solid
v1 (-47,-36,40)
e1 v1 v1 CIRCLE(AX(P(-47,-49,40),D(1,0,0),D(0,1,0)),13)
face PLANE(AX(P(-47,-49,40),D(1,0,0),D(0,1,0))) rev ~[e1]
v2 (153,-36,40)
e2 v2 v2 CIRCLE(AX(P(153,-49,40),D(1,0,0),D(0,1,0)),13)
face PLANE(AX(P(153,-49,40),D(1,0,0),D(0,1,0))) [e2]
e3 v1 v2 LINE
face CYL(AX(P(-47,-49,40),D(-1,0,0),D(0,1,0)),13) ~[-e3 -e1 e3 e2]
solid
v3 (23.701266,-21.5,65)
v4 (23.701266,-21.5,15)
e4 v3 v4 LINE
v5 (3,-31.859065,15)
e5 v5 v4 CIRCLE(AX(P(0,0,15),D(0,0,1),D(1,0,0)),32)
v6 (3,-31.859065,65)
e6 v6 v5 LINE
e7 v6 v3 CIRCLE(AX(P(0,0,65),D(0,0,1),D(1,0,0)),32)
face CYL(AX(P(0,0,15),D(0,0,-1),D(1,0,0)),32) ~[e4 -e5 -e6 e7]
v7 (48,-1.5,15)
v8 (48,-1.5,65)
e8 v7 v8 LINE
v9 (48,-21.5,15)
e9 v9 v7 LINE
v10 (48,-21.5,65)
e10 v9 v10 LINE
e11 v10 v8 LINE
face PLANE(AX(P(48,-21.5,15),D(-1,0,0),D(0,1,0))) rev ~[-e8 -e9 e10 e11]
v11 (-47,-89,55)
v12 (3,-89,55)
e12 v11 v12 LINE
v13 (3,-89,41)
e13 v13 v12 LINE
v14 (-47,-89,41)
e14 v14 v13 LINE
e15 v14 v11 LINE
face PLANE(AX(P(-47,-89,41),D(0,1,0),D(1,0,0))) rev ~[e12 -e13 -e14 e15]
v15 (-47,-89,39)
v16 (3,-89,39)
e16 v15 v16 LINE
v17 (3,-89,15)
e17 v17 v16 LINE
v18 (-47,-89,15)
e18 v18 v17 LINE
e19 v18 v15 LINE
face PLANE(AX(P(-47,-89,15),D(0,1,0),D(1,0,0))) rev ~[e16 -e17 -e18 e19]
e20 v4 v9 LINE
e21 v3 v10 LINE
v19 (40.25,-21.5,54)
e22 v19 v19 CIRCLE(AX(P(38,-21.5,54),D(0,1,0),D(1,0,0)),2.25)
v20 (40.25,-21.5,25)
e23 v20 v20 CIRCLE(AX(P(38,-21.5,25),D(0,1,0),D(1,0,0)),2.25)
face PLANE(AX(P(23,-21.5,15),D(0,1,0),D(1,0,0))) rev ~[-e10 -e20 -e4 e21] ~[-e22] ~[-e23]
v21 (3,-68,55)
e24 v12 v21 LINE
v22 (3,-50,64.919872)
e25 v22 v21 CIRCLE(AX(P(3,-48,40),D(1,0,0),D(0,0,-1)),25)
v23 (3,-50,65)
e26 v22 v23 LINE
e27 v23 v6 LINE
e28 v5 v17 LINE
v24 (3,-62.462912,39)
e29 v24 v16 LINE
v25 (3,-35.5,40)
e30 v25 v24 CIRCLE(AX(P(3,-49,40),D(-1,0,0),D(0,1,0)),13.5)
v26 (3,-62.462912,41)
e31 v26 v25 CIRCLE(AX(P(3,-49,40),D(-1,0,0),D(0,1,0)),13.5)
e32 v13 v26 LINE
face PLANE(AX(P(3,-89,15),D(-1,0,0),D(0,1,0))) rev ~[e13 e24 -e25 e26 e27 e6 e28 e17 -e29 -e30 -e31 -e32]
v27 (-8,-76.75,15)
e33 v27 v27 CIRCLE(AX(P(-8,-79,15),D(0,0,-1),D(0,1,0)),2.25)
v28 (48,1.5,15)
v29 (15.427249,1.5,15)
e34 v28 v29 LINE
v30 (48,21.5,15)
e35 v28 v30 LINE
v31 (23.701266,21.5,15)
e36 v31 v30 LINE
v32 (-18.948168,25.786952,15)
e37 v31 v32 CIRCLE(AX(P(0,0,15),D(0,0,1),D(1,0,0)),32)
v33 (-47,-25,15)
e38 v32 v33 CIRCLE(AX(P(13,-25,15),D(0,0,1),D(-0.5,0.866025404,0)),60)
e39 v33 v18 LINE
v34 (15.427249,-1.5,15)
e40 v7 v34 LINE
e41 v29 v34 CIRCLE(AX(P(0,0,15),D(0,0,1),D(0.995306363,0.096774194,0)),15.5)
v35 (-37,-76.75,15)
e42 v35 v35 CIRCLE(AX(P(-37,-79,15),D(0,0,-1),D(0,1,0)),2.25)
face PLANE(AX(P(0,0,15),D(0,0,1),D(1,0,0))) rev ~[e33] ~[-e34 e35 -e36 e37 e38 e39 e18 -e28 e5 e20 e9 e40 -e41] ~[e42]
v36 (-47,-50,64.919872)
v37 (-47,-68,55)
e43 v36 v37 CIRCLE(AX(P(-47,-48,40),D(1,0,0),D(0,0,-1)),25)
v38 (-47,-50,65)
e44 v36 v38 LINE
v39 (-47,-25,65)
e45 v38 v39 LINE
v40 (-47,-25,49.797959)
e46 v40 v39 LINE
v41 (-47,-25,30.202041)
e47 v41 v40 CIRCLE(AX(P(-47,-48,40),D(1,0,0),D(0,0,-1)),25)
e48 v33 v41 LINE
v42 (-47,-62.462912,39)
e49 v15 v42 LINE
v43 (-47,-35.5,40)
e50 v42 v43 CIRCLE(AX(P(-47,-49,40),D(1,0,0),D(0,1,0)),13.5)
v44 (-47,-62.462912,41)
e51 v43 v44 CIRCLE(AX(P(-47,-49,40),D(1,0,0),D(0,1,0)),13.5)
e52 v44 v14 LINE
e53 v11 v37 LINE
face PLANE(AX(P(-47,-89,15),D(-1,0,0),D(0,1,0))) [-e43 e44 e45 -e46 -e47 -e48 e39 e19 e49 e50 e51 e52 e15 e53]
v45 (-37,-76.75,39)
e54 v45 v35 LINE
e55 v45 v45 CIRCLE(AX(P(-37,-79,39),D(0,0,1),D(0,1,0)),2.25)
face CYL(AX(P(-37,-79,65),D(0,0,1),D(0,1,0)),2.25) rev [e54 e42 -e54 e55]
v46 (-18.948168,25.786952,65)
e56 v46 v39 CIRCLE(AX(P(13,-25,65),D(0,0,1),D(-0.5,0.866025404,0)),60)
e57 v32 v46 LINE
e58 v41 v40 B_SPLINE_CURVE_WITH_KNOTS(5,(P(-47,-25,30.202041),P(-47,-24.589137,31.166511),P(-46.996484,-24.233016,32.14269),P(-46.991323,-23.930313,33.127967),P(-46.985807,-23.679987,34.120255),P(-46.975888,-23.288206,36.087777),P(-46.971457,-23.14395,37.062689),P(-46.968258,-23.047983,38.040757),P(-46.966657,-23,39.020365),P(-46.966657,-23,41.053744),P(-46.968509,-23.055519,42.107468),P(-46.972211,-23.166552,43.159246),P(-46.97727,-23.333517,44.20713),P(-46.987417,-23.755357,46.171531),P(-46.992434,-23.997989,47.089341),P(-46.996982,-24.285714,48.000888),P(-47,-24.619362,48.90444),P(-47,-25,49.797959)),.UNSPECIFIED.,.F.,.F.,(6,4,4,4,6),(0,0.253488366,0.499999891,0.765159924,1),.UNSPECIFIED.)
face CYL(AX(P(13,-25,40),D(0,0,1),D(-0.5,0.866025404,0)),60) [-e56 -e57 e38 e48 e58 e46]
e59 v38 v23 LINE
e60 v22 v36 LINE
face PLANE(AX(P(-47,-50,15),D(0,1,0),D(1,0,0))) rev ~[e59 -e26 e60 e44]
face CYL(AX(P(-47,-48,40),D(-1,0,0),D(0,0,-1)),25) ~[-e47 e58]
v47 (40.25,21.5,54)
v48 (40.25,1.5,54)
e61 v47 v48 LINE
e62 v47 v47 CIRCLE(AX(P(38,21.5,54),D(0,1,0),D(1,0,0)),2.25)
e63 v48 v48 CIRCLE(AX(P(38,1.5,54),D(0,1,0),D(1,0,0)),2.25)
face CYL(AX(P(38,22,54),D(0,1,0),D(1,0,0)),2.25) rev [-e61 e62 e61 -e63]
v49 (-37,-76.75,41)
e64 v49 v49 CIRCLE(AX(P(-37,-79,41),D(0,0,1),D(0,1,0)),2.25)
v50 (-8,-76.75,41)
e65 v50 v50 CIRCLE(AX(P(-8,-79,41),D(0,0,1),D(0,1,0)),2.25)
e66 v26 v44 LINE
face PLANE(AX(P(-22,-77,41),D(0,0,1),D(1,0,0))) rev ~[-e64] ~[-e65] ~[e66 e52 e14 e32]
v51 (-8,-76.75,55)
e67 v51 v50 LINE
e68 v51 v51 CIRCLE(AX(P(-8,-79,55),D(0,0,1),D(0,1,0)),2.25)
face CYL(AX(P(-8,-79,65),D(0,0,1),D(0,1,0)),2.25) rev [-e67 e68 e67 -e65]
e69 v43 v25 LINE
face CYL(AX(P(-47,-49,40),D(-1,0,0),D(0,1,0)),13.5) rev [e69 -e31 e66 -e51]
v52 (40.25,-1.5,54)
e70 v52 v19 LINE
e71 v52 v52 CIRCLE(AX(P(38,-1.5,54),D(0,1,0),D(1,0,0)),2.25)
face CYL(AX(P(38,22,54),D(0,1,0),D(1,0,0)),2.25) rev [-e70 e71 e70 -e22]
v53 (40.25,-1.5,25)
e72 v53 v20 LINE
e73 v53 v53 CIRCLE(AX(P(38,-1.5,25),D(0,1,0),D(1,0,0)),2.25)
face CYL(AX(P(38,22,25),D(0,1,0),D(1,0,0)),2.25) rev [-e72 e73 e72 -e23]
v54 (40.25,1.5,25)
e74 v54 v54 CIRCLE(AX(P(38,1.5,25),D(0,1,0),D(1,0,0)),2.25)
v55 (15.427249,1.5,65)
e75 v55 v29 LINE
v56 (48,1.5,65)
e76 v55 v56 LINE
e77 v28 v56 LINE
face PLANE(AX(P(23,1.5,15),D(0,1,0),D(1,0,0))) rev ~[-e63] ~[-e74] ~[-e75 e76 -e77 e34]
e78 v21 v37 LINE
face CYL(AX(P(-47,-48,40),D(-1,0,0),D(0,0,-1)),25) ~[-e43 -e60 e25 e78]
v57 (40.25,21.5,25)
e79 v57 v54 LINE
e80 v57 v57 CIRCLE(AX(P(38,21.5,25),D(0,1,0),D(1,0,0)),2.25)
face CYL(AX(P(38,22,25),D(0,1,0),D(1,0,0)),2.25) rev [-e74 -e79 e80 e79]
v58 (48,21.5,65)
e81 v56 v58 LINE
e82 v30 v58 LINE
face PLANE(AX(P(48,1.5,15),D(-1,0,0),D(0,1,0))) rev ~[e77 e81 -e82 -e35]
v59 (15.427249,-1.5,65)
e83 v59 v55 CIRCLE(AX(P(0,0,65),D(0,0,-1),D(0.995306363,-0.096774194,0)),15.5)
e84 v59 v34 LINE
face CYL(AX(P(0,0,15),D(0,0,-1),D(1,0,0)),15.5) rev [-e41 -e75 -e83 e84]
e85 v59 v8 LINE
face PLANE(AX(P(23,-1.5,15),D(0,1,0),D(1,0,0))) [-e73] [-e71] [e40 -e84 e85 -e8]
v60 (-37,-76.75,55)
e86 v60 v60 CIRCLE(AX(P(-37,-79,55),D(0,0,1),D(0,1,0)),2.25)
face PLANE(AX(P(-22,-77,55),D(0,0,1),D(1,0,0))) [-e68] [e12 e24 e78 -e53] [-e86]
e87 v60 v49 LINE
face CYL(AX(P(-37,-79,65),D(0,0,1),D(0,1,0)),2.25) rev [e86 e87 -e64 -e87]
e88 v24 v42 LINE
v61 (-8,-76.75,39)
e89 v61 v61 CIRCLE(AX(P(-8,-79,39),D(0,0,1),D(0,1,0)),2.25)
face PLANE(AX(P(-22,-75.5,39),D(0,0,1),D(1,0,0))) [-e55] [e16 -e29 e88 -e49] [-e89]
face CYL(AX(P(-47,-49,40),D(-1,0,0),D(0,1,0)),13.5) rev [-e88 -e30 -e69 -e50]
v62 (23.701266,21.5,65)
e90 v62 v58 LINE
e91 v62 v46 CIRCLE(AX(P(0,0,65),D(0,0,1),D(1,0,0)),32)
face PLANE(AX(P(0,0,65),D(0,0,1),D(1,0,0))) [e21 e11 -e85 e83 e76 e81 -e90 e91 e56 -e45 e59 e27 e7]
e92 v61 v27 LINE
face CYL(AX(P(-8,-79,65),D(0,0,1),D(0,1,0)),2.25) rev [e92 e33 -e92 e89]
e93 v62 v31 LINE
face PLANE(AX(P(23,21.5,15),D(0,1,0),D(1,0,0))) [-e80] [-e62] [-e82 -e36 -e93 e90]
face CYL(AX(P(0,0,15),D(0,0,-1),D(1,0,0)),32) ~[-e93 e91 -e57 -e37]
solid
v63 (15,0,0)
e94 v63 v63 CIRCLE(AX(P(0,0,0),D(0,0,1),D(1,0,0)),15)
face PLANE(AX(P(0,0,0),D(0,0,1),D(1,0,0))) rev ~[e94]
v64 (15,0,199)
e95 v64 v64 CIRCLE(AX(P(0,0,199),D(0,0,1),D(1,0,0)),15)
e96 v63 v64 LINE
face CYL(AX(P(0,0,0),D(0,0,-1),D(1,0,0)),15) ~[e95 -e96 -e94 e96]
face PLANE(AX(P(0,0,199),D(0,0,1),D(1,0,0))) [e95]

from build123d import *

# Parameters (mm, degrees)
CYLINDER_R                  = 15
CYLINDER_DEPTH              = 199
CYLINDER001_R               = 13
CYLINDER001_DEPTH           = 200
CYLINDER005_R               = 2.25
CYLINDER005_DEPTH           = 50
CYLINDER006_R               = 2.25
CYLINDER006_DEPTH           = 50
FUSION_ROLL_ANGLE           = 90
FUSION_PLACEMENT_ANGLE      = 90
CYLINDER007_R               = 2.25
CYLINDER007_DEPTH           = 50
CYLINDER008_R               = 2.25
CYLINDER008_DEPTH           = 50
CYLINDER004_R               = 15.5
CYLINDER004_DEPTH           = 199
CYLINDER003_R               = 13.5
CYLINDER003_DEPTH           = 200
BOX006_W                    = 50
BOX006_H                    = 27
BOX006_DEPTH                = 2
BOX_W                       = 20
BOX_H                       = 3
BOX_DEPTH                   = 50
CYLINDER002_W               = 60
CYLINDER002_H               = 50
CYLINDER002_ANGLE           = 60
CYLINDER002_PLACEMENT_ANGLE = 120
BOX005_W                    = 50
BOX005_H                    = 24
BOX005_DEPTH                = 14
BOX004_W                    = 50
BOX004_H                    = 25
BOX004_DEPTH                = 14
BOX003_W                    = 50
BOX003_H                    = 63
BOX003_DEPTH                = 10
BOX002_W                    = 25
BOX002_H                    = 20
BOX002_DEPTH                = 50
BOX001_W                    = 25
BOX001_H                    = 20
BOX001_DEPTH                = 50
TUBE001_R                   = 25
TUBE001_R_2                 = 13.5
TUBE001_DEPTH               = 50
TUBE_R                      = 32
TUBE_R_2                    = 15.5
TUBE_DEPTH                  = 50
BOX007_W                    = 50
BOX007_H                    = 25
BOX007_DEPTH                = 50


with BuildPart() as horizontal:
    # Cylinder → Cylinder (new body)
    with BuildSketch(Plane.XY):
        Circle(CYLINDER_R)
    extrude(amount=CYLINDER_DEPTH)


with BuildPart() as vertical:
    # Cylinder001 → Cylinder001 (new body)
    with BuildSketch(Plane(origin=(-47, -49, 40), x_dir=(0, 1, 0), z_dir=(1, 0, 0))):
        Circle(CYLINDER001_R)
    extrude(amount=CYLINDER001_DEPTH)


with BuildPart() as m4s:
    # Cylinder005 → Cylinder005 (new body)
    with BuildSketch(Plane(origin=(38, 22, 25), x_dir=(1, 0, 0), z_dir=(0, -1, 0))):
        Circle(CYLINDER005_R)
    extrude(amount=CYLINDER005_DEPTH)


with BuildPart() as m4s002:
    # Cylinder006 → Cylinder006 (new body)
    with BuildSketch(Plane(origin=(38, 22, 54), x_dir=(1, 0, 0), z_dir=(0, -1, 0))):
        Circle(CYLINDER006_R)
    extrude(amount=CYLINDER006_DEPTH)

    # Fusion: union m4s
    add(m4s.part)


with BuildPart() as m4s002_1:
    # Fusion roll: moved
    add(m4s002.part.rotate(Axis((0, 0, 0), (1, 0, 0)), FUSION_ROLL_ANGLE))


with BuildPart() as m4s002_2:
    # Fusion placement: moved
    add(m4s002_1.part.moved(Location((-62, -117, 43))).rotate(Axis((-62, -117, 43), (0, 0, 1)), FUSION_PLACEMENT_ANGLE))


with BuildPart() as m4s004:
    # Cylinder007 → Cylinder007 (new body)
    with BuildSketch(Plane(origin=(38, 22, 25), x_dir=(1, 0, 0), z_dir=(0, -1, 0))):
        Circle(CYLINDER007_R)
    extrude(amount=CYLINDER007_DEPTH)


with BuildPart() as m4s003:
    # Cylinder008 → Cylinder008 (new body)
    with BuildSketch(Plane(origin=(38, 22, 54), x_dir=(1, 0, 0), z_dir=(0, -1, 0))):
        Circle(CYLINDER008_R)
    extrude(amount=CYLINDER008_DEPTH)

    # Fusion001: union m4s004
    add(m4s004.part)


with BuildPart() as horizontal001cuts:
    # Cylinder004 → Cylinder004 (new body)
    with BuildSketch(Plane.XY):
        Circle(CYLINDER004_R)
    extrude(amount=CYLINDER004_DEPTH)


with BuildPart() as vertical001cuts:
    # Cylinder003 → Cylinder003 (new body)
    with BuildSketch(Plane(origin=(-47, -49, 40), x_dir=(0, 1, 0), z_dir=(1, 0, 0))):
        Circle(CYLINDER003_R)
    extrude(amount=CYLINDER003_DEPTH)


with BuildPart() as vercuts:
    # Box006 → Box006 (new body)
    with BuildSketch(Plane(origin=(-47, -89, 39), x_dir=(1, 0, 0), z_dir=(0, 0, 1))):
        with Locations((25, 13.5)):
            Rectangle(BOX006_W, BOX006_H)
    extrude(amount=BOX006_DEPTH)


with BuildPart() as cuts:
    # Box → Box (new body)
    with BuildSketch(Plane(origin=(14, -1.5, 15), x_dir=(1, 0, 0), z_dir=(0, 0, 1))):
        with Locations((10, 1.5)):
            Rectangle(BOX_W, BOX_H)
    extrude(amount=BOX_DEPTH)

    # Fusion002: union m4s002, m4s003, Horizontal001Cuts, Vertical001Cuts, verCuts
    add(m4s002_2.part)
    add(m4s003.part)
    add(horizontal001cuts.part)
    add(vertical001cuts.part)
    add(vercuts.part)


with BuildPart() as addcylinder:
    # Cylinder002 → Cylinder002 (revolve)
    with BuildSketch(Plane.XZ):
        with Locations((30, 25)):
            Rectangle(CYLINDER002_W, CYLINDER002_H)
    revolve(axis=Axis((0, 0, 0), (0, 0, 1)), revolution_arc=CYLINDER002_ANGLE)


with BuildPart() as addcylinder_1:
    # Cylinder002 placement: moved
    add(addcylinder.part.moved(Location((13, -25, 15))).rotate(Axis((13, -25, 15), (0, 0, 1)), CYLINDER002_PLACEMENT_ANGLE))


with BuildPart() as veraddons002:
    # Box005 → Box005 (new body)
    with BuildSketch(Plane(origin=(-47, -89, 41), x_dir=(1, 0, 0), z_dir=(0, 0, 1))):
        with Locations((25, 12)):
            Rectangle(BOX005_W, BOX005_H)
    extrude(amount=BOX005_DEPTH)


with BuildPart() as veraddons001:
    # Box004 → Box004 (new body)
    with BuildSketch(Plane(origin=(-47, -89, 25), x_dir=(1, 0, 0), z_dir=(0, 0, 1))):
        with Locations((25, 12.5)):
            Rectangle(BOX004_W, BOX004_H)
    extrude(amount=BOX004_DEPTH)


with BuildPart() as veraddons:
    # Box003 → Box003 (new body)
    with BuildSketch(Plane(origin=(-47, -89, 15), x_dir=(1, 0, 0), z_dir=(0, 0, 1))):
        with Locations((25, 31.5)):
            Rectangle(BOX003_W, BOX003_H)
    extrude(amount=BOX003_DEPTH)


with BuildPart() as horadd001:
    # Box002 → Box002 (new body)
    with BuildSketch(Plane(origin=(23, 1.5, 15), x_dir=(1, 0, 0), z_dir=(0, 0, 1))):
        with Locations((12.5, 10)):
            Rectangle(BOX002_W, BOX002_H)
    extrude(amount=BOX002_DEPTH)


with BuildPart() as horadd:
    # Box001 → Box001 (new body)
    with BuildSketch(Plane(origin=(23, -21.5, 15), x_dir=(1, 0, 0), z_dir=(0, 0, 1))):
        with Locations((12.5, 10)):
            Rectangle(BOX001_W, BOX001_H)
    extrude(amount=BOX001_DEPTH)


with BuildPart() as tubeaddons001:
    # Tube001 → Tube001 (new body)
    with BuildSketch(Plane(origin=(-47, -48, 40), x_dir=(0, 0, -1), z_dir=(1, 0, 0))):
        Circle(TUBE001_R)
        Circle(TUBE001_R_2, mode=Mode.SUBTRACT)
    extrude(amount=TUBE001_DEPTH)


with BuildPart() as tubeaddons:
    # Tube → Tube (new body)
    with BuildSketch(Plane.XY.offset(15)):
        Circle(TUBE_R)
        Circle(TUBE_R_2, mode=Mode.SUBTRACT)
    extrude(amount=TUBE_DEPTH)


with BuildPart() as left:
    # Box007 → Box007 (new body)
    with BuildSketch(Plane(origin=(-47, -50, 15), x_dir=(1, 0, 0), z_dir=(0, 0, 1))):
        with Locations((25, 12.5)):
            Rectangle(BOX007_W, BOX007_H)
    extrude(amount=BOX007_DEPTH)

    # Fusion003: union AddCylinder, VerAddons002, VerAddons001, VerAddons, horAdd001, horAdd, TubeAddons001, TubeAddons
    add(addcylinder_1.part)
    add(veraddons002.part)
    add(veraddons001.part)
    add(veraddons.part)
    add(horadd001.part)
    add(horadd.part)
    add(tubeaddons001.part)
    add(tubeaddons.part)

    # Cut: cut cuts
    add(cuts.part, mode=Mode.SUBTRACT)


solid = Compound([horizontal.part, vertical.part, left.part])
